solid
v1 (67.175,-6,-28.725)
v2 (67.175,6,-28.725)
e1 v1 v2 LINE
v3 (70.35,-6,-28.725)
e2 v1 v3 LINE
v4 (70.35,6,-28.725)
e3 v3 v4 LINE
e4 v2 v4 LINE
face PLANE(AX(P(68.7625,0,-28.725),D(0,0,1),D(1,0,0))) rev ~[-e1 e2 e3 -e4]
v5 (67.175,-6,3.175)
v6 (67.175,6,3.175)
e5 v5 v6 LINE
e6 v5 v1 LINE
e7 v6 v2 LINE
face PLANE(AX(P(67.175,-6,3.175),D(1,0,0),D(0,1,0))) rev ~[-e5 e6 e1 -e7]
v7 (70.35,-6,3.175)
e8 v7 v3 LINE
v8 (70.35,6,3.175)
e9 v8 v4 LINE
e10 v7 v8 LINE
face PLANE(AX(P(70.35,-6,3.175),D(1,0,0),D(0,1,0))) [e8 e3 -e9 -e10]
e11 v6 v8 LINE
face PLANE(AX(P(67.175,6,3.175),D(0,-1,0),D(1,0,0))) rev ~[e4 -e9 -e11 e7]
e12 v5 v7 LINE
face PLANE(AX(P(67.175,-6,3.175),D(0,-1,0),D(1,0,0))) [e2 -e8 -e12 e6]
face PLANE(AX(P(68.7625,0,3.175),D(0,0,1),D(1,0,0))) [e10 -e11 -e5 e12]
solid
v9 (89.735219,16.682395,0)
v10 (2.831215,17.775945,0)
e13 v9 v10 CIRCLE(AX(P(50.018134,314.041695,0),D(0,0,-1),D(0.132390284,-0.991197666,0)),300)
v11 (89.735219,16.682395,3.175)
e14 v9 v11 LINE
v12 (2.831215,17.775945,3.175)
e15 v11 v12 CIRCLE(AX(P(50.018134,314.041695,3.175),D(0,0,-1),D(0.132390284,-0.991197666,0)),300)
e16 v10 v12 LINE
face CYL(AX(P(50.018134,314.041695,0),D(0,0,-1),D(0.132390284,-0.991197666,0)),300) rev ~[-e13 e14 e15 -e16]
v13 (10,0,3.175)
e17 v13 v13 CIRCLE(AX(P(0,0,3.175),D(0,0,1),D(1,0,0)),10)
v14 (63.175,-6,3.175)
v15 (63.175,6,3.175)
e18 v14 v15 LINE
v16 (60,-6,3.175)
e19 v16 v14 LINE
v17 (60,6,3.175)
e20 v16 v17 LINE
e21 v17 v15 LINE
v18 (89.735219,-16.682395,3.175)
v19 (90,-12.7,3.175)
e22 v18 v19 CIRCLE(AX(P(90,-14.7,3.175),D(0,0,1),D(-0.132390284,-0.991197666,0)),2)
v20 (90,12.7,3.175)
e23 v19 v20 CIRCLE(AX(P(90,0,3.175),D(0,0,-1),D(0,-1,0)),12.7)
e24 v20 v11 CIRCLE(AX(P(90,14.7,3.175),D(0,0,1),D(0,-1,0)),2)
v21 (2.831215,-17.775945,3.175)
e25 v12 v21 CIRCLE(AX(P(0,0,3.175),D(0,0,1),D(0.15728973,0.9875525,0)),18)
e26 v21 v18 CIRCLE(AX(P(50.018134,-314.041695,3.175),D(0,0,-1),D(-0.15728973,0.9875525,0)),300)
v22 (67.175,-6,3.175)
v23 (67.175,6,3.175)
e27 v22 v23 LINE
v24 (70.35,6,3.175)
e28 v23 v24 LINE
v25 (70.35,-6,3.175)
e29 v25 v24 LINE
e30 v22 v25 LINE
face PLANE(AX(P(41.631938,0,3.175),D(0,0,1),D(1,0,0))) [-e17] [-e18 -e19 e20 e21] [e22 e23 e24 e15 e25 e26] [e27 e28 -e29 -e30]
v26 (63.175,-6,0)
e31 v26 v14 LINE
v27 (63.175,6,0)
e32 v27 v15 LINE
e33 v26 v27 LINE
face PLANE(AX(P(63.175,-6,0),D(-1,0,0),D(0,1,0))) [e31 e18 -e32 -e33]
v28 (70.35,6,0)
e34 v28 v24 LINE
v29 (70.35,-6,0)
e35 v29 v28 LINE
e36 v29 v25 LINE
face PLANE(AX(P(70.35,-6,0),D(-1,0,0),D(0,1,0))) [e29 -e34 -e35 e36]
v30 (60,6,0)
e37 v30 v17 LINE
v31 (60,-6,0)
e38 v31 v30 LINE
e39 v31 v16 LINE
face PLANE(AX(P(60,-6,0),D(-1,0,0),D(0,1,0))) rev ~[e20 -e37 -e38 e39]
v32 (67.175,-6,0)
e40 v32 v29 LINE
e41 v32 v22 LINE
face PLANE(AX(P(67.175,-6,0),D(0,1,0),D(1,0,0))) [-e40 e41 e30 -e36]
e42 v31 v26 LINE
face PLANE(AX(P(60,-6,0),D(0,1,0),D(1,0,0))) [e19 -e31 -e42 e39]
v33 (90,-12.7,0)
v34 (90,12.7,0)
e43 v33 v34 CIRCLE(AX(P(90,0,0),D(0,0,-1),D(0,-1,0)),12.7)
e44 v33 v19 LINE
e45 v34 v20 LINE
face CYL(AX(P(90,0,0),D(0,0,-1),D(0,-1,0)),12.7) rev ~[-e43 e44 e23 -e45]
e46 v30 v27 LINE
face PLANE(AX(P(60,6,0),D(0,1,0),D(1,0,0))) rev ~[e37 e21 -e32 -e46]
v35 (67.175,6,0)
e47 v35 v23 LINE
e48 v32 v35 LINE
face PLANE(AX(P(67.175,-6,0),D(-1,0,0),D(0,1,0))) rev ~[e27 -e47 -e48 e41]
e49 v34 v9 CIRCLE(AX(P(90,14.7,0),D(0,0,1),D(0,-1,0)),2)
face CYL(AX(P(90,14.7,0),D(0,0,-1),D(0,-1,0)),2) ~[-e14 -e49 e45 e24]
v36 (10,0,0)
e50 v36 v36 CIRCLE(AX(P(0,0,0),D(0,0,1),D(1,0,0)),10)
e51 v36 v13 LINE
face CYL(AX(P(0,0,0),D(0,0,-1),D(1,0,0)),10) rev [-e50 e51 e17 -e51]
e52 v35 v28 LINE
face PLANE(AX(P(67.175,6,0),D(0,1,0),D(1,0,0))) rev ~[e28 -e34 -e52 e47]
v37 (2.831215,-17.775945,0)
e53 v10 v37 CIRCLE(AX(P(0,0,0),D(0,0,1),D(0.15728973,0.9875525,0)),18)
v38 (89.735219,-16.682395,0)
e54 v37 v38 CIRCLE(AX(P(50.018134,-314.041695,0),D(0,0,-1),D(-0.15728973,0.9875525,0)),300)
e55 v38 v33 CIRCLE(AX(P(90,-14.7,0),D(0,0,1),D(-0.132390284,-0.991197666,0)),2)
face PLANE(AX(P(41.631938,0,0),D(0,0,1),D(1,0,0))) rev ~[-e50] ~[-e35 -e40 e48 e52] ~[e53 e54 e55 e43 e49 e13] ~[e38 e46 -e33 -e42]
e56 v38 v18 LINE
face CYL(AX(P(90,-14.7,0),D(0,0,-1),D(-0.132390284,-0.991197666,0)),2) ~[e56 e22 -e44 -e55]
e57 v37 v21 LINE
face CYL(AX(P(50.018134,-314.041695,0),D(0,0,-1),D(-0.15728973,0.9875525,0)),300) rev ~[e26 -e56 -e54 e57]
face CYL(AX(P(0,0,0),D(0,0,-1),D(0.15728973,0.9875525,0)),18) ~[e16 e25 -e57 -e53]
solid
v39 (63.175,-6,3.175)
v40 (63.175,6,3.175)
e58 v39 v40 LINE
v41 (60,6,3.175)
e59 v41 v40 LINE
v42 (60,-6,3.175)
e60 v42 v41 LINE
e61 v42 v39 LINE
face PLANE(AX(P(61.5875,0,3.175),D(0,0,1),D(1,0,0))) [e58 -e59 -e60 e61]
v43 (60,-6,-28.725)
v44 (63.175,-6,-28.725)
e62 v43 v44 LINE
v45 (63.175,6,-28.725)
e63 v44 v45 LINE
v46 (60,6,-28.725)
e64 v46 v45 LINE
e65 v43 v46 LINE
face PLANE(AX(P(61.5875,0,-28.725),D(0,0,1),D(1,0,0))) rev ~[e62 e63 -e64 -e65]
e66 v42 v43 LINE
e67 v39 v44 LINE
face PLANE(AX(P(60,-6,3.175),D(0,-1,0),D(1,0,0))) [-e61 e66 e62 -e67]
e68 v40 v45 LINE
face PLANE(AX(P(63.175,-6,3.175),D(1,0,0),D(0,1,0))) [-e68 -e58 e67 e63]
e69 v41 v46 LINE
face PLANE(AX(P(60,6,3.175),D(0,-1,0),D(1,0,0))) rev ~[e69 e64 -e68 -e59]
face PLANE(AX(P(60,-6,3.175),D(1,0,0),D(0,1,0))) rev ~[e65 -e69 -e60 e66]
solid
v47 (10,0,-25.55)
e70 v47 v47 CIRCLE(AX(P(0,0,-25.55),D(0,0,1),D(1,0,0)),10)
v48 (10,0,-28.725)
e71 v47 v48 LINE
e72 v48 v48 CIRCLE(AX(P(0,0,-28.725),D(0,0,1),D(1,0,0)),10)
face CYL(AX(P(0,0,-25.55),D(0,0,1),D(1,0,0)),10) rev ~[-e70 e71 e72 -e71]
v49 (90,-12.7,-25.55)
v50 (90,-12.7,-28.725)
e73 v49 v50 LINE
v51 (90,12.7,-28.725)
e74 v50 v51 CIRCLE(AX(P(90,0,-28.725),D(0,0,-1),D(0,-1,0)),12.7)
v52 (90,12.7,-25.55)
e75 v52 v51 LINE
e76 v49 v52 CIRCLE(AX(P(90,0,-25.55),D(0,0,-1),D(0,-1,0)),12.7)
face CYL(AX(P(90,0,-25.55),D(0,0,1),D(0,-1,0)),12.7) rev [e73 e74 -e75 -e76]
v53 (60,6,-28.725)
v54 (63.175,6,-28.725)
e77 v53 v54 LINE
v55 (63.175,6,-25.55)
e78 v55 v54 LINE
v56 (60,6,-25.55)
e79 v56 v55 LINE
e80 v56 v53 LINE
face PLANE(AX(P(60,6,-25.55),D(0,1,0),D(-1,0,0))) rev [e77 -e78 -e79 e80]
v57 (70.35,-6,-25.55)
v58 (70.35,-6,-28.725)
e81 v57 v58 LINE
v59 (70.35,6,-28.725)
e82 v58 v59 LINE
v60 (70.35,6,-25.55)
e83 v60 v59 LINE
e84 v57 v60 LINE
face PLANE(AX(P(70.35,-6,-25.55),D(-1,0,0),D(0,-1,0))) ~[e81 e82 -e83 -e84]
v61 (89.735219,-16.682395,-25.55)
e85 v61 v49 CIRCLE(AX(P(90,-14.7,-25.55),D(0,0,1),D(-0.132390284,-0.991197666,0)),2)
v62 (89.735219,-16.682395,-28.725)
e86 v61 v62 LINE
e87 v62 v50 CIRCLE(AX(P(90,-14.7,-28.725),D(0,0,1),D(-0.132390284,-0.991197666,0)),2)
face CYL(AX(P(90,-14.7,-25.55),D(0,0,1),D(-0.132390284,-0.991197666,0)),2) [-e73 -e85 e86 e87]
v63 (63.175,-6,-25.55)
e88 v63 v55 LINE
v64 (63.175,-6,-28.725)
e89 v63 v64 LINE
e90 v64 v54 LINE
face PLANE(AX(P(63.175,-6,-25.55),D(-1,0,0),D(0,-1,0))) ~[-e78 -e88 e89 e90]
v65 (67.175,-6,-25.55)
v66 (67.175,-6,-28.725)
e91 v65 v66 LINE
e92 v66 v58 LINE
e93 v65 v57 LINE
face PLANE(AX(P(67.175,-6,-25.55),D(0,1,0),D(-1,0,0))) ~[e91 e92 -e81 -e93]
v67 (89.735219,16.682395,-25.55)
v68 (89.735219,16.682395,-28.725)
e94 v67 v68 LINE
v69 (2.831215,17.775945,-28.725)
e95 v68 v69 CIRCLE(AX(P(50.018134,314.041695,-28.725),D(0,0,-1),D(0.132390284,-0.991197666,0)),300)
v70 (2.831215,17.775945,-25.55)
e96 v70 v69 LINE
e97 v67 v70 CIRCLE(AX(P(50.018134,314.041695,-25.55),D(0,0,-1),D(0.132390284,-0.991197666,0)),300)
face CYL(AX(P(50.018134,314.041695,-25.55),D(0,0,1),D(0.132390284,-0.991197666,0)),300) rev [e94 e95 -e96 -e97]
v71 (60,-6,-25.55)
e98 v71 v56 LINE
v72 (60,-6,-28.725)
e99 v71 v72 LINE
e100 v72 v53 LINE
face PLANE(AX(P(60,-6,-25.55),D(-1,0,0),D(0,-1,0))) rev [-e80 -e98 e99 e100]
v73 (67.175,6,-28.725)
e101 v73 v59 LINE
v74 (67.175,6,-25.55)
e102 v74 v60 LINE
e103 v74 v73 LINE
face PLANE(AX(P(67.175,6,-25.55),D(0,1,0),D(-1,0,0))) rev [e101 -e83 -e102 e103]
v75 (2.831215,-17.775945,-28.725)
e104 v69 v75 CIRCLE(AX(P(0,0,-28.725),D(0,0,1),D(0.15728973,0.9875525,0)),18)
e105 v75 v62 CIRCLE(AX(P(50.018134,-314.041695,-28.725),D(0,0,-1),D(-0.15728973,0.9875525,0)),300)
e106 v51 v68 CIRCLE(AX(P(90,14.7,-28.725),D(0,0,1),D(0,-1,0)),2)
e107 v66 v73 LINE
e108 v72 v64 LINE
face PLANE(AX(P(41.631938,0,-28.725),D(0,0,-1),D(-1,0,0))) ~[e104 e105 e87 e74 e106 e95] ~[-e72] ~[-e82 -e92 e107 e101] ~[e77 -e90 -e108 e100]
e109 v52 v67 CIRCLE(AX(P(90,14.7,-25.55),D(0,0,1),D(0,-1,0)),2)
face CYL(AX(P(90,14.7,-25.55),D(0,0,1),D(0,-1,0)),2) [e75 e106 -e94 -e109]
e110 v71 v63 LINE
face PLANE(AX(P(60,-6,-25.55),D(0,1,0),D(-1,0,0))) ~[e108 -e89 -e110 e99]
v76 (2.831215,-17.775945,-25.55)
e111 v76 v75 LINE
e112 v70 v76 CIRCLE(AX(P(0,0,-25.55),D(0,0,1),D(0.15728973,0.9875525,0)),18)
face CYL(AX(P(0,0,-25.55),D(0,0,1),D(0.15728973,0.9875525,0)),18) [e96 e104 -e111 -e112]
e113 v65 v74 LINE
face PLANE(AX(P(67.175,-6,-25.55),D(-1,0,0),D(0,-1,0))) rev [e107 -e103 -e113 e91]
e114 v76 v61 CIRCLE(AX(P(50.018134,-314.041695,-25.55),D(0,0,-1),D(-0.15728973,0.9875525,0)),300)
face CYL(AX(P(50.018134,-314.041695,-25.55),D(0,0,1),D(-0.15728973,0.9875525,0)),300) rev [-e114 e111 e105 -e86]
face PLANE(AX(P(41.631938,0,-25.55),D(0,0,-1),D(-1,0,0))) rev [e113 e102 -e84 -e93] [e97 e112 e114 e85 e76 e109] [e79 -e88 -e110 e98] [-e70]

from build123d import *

# Parameters (mm, degrees)
SKETCH1_R             = 10
SKETCH1_W             = 3.175
SKETCH1_H             = 12
BOSS_EXTRUDE1_DEPTH   = 3.175
SKETCH2_W             = 3.175
SKETCH2_H             = 12
BOSS_EXTRUDE2_DEPTH   = 31.9
BOSS_EXTRUDE2_2_DEPTH = 31.9


with BuildPart() as part:
    # Sketch1 → Boss-Extrude1 (new body)
    with BuildSketch(Plane.XY):
        with BuildLine():
            ThreePointArc((2.831215146, 17.775945004), (-18, 0), (2.831215146, -17.775945004))
            ThreePointArc((2.831215146, -17.775945004), (46.243406786, -14.065443628), (89.735219432, -16.682395332))
            ThreePointArc((89.735219432, -16.682395332), (91.99559398, -14.832682585), (90, -12.7))
            ThreePointArc((90, -12.7), (77.3, 0), (90, 12.7))
            ThreePointArc((90, 12.7), (91.99559398, 14.832682585), (89.735219432, 16.682395332))
            ThreePointArc((89.735219432, 16.682395332), (46.243406786, 14.065443628), (2.831215146, 17.775945004))
        make_face()
        Circle(SKETCH1_R, mode=Mode.SUBTRACT)
        with Locations((68.7625, 0)):
            Rectangle(SKETCH1_W, SKETCH1_H, mode=Mode.SUBTRACT)
        with Locations((61.5875, 0)):
            Rectangle(SKETCH1_W, SKETCH1_H, mode=Mode.SUBTRACT)
    extrude(amount=BOSS_EXTRUDE1_DEPTH)


with BuildPart() as body_2:
    # Mirror3: mirrored copy
    add(part.part.mirror(Plane(origin=(0, 0, -12.775), x_dir=(1, 0, 0), z_dir=(0, 0, -1))))


with BuildPart() as body_3:
    # Sketch2 → Boss-Extrude2 (new body)
    with BuildSketch(Plane.XY.offset(3.175)):
        with Locations((61.5875, 0)):
            Rectangle(SKETCH2_W, SKETCH2_H)
    extrude(amount=-BOSS_EXTRUDE2_DEPTH)


with BuildPart() as body_4:
    # Sketch2 → Boss-Extrude2 2 (new body)
    with BuildSketch(Plane.XY.offset(3.175)):
        with Locations((68.7625, 0)):
            Rectangle(SKETCH2_W, SKETCH2_H)
    extrude(amount=-BOSS_EXTRUDE2_2_DEPTH)


solid = Compound([part.part, body_2.part, body_3.part, body_4.part])
